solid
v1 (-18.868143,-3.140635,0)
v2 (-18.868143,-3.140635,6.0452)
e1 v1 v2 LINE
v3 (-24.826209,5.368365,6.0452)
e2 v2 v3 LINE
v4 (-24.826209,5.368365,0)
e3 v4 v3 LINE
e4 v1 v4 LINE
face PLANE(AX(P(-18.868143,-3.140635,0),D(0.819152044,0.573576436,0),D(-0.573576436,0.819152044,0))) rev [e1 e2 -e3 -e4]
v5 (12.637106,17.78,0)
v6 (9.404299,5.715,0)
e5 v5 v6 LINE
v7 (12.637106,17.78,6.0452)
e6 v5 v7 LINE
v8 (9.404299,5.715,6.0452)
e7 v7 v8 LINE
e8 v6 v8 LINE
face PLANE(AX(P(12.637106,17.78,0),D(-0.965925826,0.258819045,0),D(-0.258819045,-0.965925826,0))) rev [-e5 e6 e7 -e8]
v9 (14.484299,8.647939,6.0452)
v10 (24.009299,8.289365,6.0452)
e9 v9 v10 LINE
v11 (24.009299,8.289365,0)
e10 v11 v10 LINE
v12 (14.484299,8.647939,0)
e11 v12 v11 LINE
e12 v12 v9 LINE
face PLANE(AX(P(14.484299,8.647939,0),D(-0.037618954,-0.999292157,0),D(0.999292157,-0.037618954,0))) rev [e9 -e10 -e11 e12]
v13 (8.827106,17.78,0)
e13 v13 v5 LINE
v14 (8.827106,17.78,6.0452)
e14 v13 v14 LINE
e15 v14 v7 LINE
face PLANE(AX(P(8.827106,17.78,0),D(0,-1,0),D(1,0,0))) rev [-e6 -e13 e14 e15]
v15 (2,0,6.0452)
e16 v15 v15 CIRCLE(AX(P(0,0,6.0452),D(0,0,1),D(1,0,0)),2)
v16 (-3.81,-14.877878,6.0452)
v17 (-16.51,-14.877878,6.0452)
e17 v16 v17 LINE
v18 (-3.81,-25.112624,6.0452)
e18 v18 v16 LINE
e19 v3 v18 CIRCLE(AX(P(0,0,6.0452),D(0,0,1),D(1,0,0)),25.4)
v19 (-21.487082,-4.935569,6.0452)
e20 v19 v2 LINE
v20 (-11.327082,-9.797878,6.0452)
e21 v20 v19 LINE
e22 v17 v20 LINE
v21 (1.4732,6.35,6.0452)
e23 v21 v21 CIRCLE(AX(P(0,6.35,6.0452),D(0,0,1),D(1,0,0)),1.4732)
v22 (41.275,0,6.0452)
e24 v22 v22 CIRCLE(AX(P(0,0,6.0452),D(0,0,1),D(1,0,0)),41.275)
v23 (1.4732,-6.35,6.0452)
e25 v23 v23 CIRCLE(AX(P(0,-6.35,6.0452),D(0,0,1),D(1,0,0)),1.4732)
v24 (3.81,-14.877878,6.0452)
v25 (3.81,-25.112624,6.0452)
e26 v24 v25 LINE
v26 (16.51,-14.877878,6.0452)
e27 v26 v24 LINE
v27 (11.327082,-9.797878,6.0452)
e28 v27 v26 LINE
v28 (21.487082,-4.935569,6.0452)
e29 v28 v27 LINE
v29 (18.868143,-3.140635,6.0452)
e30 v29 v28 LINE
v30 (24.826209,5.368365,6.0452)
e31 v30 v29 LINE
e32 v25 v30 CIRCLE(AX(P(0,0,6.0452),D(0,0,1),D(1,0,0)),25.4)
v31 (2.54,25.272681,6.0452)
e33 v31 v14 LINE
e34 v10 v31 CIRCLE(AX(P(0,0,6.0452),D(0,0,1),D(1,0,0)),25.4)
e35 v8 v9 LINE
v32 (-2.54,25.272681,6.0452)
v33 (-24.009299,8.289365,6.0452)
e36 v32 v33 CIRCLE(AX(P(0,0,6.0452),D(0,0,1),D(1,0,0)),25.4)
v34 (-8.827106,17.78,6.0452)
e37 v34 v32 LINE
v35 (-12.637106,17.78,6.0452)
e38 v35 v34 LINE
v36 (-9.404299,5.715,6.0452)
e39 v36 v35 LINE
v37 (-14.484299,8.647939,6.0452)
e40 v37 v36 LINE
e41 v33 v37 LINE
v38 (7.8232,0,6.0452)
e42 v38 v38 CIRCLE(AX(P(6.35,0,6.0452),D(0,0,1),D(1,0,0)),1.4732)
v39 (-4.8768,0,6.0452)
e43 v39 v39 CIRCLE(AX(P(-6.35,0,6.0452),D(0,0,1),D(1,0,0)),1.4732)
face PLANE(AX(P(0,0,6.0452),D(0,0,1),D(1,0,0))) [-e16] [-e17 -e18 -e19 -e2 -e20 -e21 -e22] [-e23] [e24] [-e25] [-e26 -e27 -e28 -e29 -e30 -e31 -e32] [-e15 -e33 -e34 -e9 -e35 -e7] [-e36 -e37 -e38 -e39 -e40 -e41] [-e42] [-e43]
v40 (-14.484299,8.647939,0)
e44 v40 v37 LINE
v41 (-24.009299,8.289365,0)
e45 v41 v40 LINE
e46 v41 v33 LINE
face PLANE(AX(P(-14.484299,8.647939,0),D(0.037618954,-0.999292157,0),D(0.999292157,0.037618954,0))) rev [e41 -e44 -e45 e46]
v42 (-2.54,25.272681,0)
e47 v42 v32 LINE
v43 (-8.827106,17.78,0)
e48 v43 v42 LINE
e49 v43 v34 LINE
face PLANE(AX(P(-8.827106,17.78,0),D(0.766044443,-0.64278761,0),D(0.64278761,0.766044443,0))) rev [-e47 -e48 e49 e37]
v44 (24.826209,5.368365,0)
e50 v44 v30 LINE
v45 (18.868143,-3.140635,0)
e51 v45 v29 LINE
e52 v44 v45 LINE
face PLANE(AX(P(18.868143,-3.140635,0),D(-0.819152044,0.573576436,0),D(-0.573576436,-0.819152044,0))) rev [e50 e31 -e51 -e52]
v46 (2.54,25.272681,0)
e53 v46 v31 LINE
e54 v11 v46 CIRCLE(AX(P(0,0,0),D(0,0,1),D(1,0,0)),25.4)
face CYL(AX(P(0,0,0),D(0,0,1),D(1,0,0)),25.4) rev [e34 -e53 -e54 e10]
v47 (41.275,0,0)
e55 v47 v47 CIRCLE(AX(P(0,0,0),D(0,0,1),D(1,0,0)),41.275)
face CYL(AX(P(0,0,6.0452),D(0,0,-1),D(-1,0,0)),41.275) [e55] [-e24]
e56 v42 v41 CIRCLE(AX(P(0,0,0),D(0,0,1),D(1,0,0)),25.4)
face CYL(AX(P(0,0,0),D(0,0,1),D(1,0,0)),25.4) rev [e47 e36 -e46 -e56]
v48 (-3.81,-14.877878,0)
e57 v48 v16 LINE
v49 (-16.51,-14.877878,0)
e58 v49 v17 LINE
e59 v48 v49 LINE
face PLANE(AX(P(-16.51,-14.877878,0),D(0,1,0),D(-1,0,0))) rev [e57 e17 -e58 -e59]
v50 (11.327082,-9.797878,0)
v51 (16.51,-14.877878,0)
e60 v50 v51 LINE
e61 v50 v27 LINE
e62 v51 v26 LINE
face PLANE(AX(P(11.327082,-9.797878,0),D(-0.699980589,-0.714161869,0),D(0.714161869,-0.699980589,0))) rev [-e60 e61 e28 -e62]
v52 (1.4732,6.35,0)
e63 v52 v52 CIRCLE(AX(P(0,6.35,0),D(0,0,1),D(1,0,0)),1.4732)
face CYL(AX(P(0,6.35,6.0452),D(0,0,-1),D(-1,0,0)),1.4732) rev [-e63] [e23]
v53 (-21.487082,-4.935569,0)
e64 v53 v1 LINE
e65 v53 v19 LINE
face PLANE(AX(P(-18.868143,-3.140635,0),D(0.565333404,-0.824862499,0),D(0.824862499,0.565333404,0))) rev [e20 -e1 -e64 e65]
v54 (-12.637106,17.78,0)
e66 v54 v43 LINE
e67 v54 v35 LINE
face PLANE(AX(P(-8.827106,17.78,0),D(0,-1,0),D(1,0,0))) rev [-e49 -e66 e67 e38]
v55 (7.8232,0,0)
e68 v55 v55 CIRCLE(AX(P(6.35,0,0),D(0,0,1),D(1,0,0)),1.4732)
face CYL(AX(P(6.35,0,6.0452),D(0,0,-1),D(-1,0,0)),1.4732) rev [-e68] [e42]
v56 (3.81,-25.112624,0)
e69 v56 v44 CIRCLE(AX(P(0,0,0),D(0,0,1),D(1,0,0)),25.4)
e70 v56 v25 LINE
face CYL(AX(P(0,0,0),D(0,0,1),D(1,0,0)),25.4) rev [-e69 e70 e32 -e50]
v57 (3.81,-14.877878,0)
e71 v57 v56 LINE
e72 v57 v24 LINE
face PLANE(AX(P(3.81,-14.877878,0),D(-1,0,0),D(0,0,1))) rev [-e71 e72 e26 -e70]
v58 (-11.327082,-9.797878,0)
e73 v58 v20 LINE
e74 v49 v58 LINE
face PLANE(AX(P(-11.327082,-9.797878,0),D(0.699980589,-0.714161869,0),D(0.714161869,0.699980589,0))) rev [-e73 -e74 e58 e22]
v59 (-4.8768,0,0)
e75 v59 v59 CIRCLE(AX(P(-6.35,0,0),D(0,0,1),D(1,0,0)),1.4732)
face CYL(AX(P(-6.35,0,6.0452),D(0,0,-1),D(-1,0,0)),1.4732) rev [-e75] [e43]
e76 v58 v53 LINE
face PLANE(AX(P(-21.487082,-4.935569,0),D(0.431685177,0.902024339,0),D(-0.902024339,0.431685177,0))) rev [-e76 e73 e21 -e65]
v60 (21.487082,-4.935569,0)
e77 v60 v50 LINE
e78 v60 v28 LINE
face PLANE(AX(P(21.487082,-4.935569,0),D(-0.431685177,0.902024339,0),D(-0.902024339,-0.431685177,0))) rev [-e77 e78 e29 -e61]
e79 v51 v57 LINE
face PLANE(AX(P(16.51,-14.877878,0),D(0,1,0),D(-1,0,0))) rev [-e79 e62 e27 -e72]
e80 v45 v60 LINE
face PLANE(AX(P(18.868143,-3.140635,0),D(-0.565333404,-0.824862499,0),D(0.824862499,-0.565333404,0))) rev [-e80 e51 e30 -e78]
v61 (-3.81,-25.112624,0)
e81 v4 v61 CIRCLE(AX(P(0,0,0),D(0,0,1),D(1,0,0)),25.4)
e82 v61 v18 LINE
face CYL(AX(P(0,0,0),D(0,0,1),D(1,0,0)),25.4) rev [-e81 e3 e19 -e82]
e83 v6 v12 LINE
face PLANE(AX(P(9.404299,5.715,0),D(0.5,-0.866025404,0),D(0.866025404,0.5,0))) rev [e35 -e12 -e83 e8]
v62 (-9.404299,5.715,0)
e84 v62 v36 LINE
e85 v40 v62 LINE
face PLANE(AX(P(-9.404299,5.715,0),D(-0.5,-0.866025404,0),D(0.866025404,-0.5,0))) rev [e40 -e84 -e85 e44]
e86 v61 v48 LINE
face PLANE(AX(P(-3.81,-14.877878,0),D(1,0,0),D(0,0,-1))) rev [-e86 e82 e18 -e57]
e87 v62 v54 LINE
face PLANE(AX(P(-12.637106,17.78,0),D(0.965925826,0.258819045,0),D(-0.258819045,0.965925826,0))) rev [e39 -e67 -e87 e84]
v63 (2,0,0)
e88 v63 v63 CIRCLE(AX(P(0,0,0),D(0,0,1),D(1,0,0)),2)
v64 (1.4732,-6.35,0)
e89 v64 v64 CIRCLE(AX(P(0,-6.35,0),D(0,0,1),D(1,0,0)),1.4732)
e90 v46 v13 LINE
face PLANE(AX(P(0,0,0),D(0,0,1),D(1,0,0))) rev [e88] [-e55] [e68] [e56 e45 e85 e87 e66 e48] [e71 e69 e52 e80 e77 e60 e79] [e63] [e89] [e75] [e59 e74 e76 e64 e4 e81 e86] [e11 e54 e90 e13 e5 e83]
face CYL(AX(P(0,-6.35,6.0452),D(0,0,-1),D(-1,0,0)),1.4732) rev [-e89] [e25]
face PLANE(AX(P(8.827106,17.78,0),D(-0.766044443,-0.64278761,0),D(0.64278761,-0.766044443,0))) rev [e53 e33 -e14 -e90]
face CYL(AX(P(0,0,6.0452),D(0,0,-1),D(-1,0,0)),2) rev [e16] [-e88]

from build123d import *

# Parameters (mm, degrees)
SKETCH1_R           = 41.275
SKETCH1_R_2         = 1.4732
SKETCH1_R_3         = 2
BOSS_EXTRUDE1_DEPTH = 6.0452
CUT_EXTRUDE3_DEPTH  = 59.683862288


with BuildPart() as part:
    # Sketch1 → Boss-Extrude1 (new body)
    with BuildSketch(Plane.XY):
        Circle(SKETCH1_R)
        with Locations((-6.35, 0)):
            Circle(SKETCH1_R_2, mode=Mode.SUBTRACT)
        with Locations((0, 6.35)):
            Circle(SKETCH1_R_2, mode=Mode.SUBTRACT)
        with Locations((6.35, 0)):
            Circle(SKETCH1_R_2, mode=Mode.SUBTRACT)
        with Locations((0, -6.35)):
            Circle(SKETCH1_R_2, mode=Mode.SUBTRACT)
        Circle(SKETCH1_R_3, mode=Mode.SUBTRACT)
    extrude(amount=BOSS_EXTRUDE1_DEPTH)

    # Sketch2 → Cut-Extrude3 (cut, through all)
    with BuildSketch(Plane.XY.offset(6.0452)):
        with BuildLine():
            Line((8.827105782, 17.78), (2.54, 25.272680903))
            ThreePointArc((2.54, 25.272680903), (15.758317518, 19.920728626), (24.009298775, 8.289365013))
            Line((24.009298775, 8.289365013), (14.484298775, 8.647939367))
            Line((14.484298775, 8.647939367), (9.404298775, 5.715))
            Line((9.404298775, 5.715), (12.637105782, 17.78))
            Line((12.637105782, 17.78), (8.827105782, 17.78))
        make_face()
        with BuildLine():
            Line((18.868143133, -3.140634987), (24.826209076, 5.368365013))
            ThreePointArc((24.826209076, 5.368365013), (20.911260009, -14.418016674), (3.81, -25.112624315))
            Line((3.81, -25.112624315), (3.81, -14.877877919))
            Line((3.81, -14.877877919), (16.51, -14.877877919))
            Line((16.51, -14.877877919), (11.327081569, -9.797877919))
            Line((11.327081569, -9.797877919), (21.487081569, -4.935568543))
            Line((21.487081569, -4.935568543), (18.868143133, -3.140634987))
        make_face()
        with BuildLine():
            Line((-3.81, -14.877877919), (-3.81, -25.112624315))
            ThreePointArc((-3.81, -25.112624315), (-20.911260009, -14.418016674), (-24.826209076, 5.368365013))
            Line((-24.826209076, 5.368365013), (-18.868143133, -3.140634987))
            Line((-18.868143133, -3.140634987), (-21.487081569, -4.935568543))
            Line((-21.487081569, -4.935568543), (-11.327081569, -9.797877919))
            Line((-11.327081569, -9.797877919), (-16.51, -14.877877919))
            Line((-16.51, -14.877877919), (-3.81, -14.877877919))
        make_face()
        with BuildLine():
            Line((-14.484298775, 8.647939367), (-24.009298775, 8.289365013))
            ThreePointArc((-24.009298775, 8.289365013), (-15.758317518, 19.920728626), (-2.54, 25.272680903))
            Line((-2.54, 25.272680903), (-8.827105782, 17.78))
            Line((-8.827105782, 17.78), (-12.637105782, 17.78))
            Line((-12.637105782, 17.78), (-9.404298775, 5.715))
            Line((-9.404298775, 5.715), (-14.484298775, 8.647939367))
        make_face()
    extrude(amount=-CUT_EXTRUDE3_DEPTH, mode=Mode.SUBTRACT)


solid = part.part
